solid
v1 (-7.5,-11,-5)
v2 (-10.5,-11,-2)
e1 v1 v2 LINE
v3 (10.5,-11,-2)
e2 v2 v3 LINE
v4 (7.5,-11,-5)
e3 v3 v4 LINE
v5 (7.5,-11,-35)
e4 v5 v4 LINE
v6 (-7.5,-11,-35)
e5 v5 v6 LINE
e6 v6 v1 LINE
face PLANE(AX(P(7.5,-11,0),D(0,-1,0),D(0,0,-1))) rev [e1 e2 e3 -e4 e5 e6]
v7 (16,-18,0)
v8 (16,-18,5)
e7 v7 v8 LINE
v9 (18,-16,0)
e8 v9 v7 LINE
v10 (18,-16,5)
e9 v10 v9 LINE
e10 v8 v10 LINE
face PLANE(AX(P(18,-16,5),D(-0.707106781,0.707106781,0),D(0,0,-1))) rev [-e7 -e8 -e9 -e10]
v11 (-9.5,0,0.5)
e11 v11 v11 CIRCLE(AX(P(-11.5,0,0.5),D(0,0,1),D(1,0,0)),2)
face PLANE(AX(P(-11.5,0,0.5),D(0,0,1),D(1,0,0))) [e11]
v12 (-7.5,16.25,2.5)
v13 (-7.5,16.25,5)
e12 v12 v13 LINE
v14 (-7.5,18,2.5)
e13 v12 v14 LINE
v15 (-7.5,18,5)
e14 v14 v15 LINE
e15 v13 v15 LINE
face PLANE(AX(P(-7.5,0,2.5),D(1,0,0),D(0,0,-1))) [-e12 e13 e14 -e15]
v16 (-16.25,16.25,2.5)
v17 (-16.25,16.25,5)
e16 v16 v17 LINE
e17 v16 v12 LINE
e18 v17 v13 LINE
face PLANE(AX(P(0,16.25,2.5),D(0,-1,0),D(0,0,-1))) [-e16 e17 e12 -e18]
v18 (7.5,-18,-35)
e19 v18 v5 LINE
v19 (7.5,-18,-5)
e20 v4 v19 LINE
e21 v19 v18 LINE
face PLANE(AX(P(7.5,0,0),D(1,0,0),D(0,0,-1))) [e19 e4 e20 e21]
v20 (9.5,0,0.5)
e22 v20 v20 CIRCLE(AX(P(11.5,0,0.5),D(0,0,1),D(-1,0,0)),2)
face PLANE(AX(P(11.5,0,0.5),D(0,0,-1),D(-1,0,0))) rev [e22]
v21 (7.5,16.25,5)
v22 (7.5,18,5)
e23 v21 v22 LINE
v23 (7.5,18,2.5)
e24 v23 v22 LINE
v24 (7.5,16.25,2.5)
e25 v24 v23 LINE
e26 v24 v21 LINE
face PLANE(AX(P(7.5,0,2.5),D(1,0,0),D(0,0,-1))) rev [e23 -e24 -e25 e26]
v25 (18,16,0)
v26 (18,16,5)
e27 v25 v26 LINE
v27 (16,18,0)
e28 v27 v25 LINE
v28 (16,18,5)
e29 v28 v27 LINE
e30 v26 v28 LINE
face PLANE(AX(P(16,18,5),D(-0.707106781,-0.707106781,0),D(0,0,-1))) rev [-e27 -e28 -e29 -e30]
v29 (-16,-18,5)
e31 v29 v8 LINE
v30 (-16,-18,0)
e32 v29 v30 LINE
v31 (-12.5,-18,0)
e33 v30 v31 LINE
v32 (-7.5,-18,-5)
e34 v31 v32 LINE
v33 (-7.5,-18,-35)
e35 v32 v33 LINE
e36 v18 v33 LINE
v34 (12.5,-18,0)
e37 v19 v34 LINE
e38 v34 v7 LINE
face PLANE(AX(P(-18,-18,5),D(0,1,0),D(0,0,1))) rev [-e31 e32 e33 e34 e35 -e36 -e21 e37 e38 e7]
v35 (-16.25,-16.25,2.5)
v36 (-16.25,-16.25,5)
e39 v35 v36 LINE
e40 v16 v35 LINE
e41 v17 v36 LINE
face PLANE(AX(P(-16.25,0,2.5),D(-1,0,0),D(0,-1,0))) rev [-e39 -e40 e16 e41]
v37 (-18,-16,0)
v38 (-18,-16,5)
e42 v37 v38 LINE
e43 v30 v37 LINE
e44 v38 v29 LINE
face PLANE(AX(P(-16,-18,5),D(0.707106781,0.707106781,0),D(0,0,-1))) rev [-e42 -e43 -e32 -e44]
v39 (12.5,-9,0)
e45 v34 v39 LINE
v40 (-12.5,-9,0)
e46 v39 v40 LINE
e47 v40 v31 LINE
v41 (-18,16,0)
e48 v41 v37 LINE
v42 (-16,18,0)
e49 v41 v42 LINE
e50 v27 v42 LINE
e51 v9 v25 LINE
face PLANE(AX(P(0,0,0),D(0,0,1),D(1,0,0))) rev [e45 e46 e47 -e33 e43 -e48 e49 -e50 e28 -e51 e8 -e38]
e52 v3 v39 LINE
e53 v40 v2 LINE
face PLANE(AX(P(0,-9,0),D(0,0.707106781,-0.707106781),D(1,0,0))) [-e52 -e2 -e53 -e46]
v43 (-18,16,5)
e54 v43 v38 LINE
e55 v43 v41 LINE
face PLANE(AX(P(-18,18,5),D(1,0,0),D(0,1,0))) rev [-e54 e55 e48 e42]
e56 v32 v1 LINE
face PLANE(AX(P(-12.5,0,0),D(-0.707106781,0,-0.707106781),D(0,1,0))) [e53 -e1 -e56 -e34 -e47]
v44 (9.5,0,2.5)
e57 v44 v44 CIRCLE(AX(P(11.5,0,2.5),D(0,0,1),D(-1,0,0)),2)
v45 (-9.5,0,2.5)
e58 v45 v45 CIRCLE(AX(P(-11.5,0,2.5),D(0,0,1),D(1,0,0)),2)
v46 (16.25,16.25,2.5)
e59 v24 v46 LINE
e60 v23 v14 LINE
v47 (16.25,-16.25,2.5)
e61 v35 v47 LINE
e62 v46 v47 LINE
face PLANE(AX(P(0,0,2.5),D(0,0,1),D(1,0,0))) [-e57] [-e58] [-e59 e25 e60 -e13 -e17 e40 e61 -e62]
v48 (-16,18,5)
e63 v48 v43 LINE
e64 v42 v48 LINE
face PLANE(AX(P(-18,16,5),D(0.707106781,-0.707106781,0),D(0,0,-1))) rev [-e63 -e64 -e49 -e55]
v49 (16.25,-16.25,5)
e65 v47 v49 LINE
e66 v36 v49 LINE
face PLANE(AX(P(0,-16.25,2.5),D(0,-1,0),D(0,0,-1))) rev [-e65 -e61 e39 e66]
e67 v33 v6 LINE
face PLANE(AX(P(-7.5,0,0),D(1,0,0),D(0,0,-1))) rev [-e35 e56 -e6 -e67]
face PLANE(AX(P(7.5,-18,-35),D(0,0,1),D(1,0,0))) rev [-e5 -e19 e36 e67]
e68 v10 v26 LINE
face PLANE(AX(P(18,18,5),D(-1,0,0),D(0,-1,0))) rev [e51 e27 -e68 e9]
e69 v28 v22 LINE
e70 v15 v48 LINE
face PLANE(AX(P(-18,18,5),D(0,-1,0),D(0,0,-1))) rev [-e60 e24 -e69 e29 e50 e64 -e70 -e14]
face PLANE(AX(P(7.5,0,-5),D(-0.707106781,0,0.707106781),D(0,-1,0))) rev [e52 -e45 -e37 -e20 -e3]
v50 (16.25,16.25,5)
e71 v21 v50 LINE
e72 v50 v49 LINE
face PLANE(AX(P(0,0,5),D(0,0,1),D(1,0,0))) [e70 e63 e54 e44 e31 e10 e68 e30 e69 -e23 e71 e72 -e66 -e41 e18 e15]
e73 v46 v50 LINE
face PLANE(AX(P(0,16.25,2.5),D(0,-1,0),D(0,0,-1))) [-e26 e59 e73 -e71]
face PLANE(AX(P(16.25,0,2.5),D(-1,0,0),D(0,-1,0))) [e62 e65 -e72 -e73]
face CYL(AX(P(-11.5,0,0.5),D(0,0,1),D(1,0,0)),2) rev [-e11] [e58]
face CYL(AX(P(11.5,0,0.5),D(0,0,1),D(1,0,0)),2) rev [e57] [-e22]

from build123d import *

# Parameters (mm, degrees)
SKETCH3_W           = 36
SKETCH3_H           = 36
BOSS_EXTRUDE2_DEPTH = 5
SKETCH4_W           = 32.5
SKETCH4_H           = 32.5
SKETCH4_W_2         = 15
SKETCH4_H_2         = 1.75
CUT_EXTRUDE1_DEPTH  = 2.5
SKETCH6_W           = 35
SKETCH6_H           = 7
BOSS_EXTRUDE3_DEPTH = 7.5
CHAMFER1_SIZE       = 5
CHAMFER2_SIZE       = 2
SKETCH7_R           = 2
CUT_EXTRUDE2_DEPTH  = 2
CHAMFER3_SIZE       = 2


with BuildPart() as part:
    # Sketch3 → Boss-Extrude2 (new body)
    with BuildSketch(Plane.XY):
        Rectangle(SKETCH3_W, SKETCH3_H)
    extrude(amount=BOSS_EXTRUDE2_DEPTH)

    # Sketch4 → Cut-Extrude1 (cut)
    with BuildSketch(Plane.XY.offset(5)):
        Rectangle(SKETCH4_W, SKETCH4_H)
        with Locations((0, 17.125)):
            Rectangle(SKETCH4_W_2, SKETCH4_H_2)
    extrude(amount=-CUT_EXTRUDE1_DEPTH, mode=Mode.SUBTRACT)

    # Sketch6 → Boss-Extrude3 (add, symmetric)
    with BuildSketch(Plane(origin=(0, 0, 0), x_dir=(0, 0, -1), z_dir=(1, 0, 0))):
        with Locations((17.5, -14.5)):
            Rectangle(SKETCH6_W, SKETCH6_H)
    extrude(amount=BOSS_EXTRUDE3_DEPTH, both=True)

    # Chamfer1
    chamfer1_edges = [part.edges().sort_by_distance(p)[0] for p in [
        (-7.5, -14.5, 0),
        (7.5, -14.5, 0),
    ]]
    chamfer(chamfer1_edges, length=CHAMFER1_SIZE)

    # Chamfer2
    chamfer2_edges = [part.edges().sort_by_distance(p)[0] for p in [
        (18, -18, 2.5),
        (-18, -18, 2.5),
        (-18, 18, 2.5),
        (18, 18, 2.5),
    ]]
    chamfer(chamfer2_edges, length=CHAMFER2_SIZE)

    # Sketch7 → Cut-Extrude2 (cut)
    with BuildSketch(Plane.XY.offset(2.5)):
        with Locations((-11.5, 0)):
            Circle(SKETCH7_R)
        with Locations(Location((11.5, 0, 0), (0, 0, 180))):
            Circle(SKETCH7_R)
    extrude(amount=-CUT_EXTRUDE2_DEPTH, mode=Mode.SUBTRACT)

    # Chamfer3
    chamfer3_edges = [part.edges().sort_by_distance(p)[0] for p in [
        (0, -11, 0),
    ]]
    chamfer(chamfer3_edges, length=CHAMFER3_SIZE)


solid = part.part
